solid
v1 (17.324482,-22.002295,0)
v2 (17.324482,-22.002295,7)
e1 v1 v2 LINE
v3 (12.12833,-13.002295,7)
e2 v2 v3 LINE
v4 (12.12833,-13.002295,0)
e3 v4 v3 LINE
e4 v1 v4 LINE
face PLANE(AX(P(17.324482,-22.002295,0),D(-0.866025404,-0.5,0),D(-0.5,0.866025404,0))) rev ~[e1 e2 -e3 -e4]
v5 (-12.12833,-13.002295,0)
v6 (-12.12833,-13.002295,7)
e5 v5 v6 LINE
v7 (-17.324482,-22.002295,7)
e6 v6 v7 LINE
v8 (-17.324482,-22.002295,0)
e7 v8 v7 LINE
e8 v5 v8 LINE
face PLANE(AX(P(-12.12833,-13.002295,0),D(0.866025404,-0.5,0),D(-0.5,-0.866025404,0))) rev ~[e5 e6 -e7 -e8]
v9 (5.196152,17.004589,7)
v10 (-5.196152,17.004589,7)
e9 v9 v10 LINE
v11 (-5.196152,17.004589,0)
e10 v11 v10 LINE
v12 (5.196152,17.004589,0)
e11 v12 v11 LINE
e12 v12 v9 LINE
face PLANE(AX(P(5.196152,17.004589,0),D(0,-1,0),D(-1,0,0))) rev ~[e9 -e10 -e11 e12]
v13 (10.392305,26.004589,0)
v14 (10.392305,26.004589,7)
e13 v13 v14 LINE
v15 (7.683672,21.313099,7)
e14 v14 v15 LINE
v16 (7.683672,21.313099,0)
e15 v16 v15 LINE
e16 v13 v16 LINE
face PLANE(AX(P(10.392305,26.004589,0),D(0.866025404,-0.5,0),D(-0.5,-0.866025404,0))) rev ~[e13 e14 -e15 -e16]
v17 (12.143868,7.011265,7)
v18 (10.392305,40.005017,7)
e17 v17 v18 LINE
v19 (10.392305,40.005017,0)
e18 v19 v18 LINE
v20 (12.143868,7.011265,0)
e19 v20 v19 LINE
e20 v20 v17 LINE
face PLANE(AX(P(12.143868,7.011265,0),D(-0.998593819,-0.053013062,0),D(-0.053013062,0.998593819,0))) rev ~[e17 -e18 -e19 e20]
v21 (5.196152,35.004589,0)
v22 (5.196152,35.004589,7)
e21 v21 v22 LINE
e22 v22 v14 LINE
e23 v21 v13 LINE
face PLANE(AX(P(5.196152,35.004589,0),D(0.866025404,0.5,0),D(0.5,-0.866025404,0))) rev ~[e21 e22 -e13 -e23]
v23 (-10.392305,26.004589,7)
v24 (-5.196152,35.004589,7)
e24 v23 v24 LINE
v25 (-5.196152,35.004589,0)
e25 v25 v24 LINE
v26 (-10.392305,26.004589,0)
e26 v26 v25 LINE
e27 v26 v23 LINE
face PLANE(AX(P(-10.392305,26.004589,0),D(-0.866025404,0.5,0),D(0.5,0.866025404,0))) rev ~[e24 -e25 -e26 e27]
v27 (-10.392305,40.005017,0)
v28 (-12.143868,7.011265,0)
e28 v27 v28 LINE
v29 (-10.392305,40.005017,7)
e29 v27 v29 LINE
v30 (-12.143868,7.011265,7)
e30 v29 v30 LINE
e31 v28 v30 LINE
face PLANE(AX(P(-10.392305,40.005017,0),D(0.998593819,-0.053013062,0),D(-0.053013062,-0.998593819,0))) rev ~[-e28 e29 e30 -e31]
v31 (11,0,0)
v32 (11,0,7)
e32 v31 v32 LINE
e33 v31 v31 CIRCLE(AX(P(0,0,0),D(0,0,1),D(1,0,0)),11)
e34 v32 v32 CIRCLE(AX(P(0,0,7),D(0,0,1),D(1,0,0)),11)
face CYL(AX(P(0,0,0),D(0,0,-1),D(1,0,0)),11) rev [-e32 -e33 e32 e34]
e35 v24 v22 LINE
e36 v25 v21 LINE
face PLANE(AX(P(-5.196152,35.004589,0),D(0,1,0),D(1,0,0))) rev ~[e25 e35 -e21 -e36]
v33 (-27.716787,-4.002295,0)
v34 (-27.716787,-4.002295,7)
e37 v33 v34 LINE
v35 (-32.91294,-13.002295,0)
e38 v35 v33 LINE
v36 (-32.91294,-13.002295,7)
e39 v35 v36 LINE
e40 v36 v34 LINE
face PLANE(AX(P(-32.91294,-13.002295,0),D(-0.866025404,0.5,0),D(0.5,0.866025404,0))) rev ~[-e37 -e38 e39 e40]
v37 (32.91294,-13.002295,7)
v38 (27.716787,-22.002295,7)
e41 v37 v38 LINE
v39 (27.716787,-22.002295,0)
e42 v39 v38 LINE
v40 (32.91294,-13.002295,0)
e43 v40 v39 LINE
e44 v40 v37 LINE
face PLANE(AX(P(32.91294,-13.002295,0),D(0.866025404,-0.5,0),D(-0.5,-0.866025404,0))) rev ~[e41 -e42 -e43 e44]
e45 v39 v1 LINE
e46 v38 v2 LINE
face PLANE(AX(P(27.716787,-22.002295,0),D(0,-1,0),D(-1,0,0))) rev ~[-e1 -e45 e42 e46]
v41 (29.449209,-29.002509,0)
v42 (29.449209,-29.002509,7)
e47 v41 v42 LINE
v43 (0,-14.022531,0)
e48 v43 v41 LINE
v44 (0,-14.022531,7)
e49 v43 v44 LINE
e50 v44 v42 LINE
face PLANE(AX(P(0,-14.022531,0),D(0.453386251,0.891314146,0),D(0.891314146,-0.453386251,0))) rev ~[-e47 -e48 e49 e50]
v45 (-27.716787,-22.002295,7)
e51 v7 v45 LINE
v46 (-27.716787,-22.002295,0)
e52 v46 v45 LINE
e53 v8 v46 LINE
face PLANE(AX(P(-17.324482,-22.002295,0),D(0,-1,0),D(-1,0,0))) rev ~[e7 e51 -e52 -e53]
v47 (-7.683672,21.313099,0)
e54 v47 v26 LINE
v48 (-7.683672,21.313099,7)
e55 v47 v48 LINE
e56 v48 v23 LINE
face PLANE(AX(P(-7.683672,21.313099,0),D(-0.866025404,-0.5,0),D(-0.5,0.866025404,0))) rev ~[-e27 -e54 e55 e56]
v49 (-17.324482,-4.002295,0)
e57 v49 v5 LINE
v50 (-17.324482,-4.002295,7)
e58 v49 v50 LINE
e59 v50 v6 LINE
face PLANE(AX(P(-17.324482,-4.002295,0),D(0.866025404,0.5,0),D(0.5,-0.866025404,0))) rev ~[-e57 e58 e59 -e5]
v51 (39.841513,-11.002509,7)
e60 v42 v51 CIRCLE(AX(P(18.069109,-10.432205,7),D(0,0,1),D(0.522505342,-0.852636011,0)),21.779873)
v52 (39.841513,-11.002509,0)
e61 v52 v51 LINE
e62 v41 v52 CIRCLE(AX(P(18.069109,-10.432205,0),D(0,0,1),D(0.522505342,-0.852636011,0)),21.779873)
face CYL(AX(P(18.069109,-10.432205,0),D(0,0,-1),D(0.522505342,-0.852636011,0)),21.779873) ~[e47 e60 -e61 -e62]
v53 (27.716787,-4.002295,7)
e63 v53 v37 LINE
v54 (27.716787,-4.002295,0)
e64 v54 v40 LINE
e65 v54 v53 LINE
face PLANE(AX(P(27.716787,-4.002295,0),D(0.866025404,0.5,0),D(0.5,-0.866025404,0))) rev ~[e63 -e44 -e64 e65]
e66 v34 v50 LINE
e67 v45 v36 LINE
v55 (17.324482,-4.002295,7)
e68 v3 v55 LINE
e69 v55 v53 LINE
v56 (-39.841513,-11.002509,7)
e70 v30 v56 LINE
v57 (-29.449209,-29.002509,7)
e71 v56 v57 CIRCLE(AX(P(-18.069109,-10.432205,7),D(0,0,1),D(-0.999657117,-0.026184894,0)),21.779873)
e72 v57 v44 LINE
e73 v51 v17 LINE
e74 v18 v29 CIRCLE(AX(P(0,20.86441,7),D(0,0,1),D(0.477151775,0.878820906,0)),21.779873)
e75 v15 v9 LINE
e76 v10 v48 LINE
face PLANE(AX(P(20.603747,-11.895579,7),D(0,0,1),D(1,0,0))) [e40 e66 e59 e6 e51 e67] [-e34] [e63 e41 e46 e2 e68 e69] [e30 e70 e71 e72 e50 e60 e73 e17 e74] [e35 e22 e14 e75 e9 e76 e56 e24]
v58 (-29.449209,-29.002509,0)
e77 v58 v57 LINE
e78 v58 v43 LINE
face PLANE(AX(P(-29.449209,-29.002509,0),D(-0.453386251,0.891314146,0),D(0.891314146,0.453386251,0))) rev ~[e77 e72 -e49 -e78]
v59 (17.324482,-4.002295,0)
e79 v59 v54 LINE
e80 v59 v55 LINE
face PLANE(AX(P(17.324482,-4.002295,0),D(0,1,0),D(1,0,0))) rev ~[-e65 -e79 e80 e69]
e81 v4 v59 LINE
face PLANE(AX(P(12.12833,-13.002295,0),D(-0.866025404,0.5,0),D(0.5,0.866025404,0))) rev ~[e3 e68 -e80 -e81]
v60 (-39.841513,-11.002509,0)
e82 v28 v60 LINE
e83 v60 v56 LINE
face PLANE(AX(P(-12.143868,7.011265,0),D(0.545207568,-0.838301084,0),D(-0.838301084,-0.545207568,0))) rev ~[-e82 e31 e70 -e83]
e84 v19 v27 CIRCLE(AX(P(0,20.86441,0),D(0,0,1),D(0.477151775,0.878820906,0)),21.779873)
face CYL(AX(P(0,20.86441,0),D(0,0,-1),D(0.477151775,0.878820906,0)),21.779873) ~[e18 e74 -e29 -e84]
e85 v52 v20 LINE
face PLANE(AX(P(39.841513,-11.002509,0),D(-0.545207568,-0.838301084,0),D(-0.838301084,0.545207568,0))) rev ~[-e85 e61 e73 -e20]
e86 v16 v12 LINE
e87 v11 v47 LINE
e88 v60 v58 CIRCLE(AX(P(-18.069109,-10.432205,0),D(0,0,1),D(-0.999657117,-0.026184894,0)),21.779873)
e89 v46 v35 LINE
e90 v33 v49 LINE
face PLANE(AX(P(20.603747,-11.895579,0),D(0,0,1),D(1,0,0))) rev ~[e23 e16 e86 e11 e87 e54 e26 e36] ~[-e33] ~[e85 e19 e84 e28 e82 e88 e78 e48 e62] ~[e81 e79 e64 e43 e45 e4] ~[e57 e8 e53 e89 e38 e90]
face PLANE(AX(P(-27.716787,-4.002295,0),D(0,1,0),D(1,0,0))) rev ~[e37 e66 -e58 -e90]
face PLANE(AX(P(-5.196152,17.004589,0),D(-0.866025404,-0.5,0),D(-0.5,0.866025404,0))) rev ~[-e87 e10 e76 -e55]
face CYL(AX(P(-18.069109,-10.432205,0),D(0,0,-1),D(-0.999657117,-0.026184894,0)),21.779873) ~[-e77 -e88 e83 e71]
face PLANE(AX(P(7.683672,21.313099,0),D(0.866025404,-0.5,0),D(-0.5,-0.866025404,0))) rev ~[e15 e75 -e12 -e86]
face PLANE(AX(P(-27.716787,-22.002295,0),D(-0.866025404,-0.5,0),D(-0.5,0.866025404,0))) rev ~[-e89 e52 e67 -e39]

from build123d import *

# Parameters (mm, degrees)
F0_R     = 11
F1_DEPTH = 7


with BuildPart() as f1:
    # F0 (on Top) → F1 (new body)
    with BuildSketch(Plane.XY):
        with BuildLine():
            ThreePointArc((12.146510326, 6.9614859693), (13.5286944042, 3.6020032923), (14, 0))
            ThreePointArc((14, 0), (9.9151913879, -9.8837735578), (0.0444314655, -13.9999294943))
            Line((0.0444314655, -13.9999294943), (0, -14.0225305219))
            Line((0, -14.0225305219), (29.4492086404, -29.002508536))
            ThreePointArc((29.4492086404, -29.002508536), (36.9310318043, -21.3221411537), (39.8415134859, -11.002508536))
            Line((39.8415134859, -11.002508536), (12.1438676573, 7.0112652609))
            Line((12.1438676573, 7.0112652609), (12.146510326, 6.9614859693))
        make_face()
        Polygon((17.324482387, -4.0022945697), (27.7167872325, -4.0022945697), (32.9129396552, -13.0022945697), (27.7167872325, -22.0022945697), (17.324482387, -22.0022945697), (12.1283299643, -13.0022945697), align=None, mode=Mode.SUBTRACT)
        with BuildLine():
            ThreePointArc((12.1020788605, 7.038443525), (12.124355653, 7), (12.146510326, 6.9614859693))
            Line((12.146510326, 6.9614859693), (12.1438676573, 7.0112652609))
            Line((12.1438676573, 7.0112652609), (12.1020788605, 7.038443525))
        make_face()
        with BuildLine():
            Line((0, -14.0225305219), (0.0444314655, -13.9999294943))
            ThreePointArc((0.0444314655, -13.9999294943), (0, -14), (-0.0444314655, -13.9999294943))
            Line((-0.0444314655, -13.9999294943), (0, -14.0225305219))
        make_face()
        with BuildLine():
            ThreePointArc((-12.1020788605, 7.038443525), (0, 14), (12.1020788605, 7.038443525))
            Line((12.1020788605, 7.038443525), (12.1438676573, 7.0112652609))
            Line((12.1438676573, 7.0112652609), (10.3923048454, 40.005017072))
            ThreePointArc((10.3923048454, 40.005017072), (0, 42.6442823074), (-10.3923048454, 40.005017072))
            Line((-10.3923048454, 40.005017072), (-12.1438676573, 7.0112652609))
            Line((-12.1438676573, 7.0112652609), (-12.1020788605, 7.038443525))
        make_face()
        Polygon((-10.3923048454, 26.0045891395), (-5.1961524227, 35.0045891395), (-4.9319201503, 35.0045891395), (4.9319201503, 35.0045891395), (5.1961524227, 35.0045891395), (10.3923048454, 26.0045891395), (7.6836718934, 21.3130992475), (5.1961524227, 17.0045891395), (-5.1961524227, 17.0045891395), (-7.6836718934, 21.3130992475), align=None, mode=Mode.SUBTRACT)
        with BuildLine():
            Line((0, -14.0225305219), (-0.0444314655, -13.9999294943))
            ThreePointArc((-0.0444314655, -13.9999294943), (-12.124355653, -7), (-12.146510326, 6.9614859693))
            Line((-12.146510326, 6.9614859693), (-12.1438676573, 7.0112652609))
            Line((-12.1438676573, 7.0112652609), (-39.8415134859, -11.002508536))
            ThreePointArc((-39.8415134859, -11.002508536), (-36.9310318043, -21.3221411537), (-29.4492086404, -29.002508536))
            Line((-29.4492086404, -29.002508536), (0, -14.0225305219))
        make_face()
        Polygon((-12.1283299643, -13.0022945697), (-17.324482387, -22.0022945697), (-27.7167872325, -22.0022945697), (-32.9129396552, -13.0022945697), (-27.7167872325, -4.0022945697), (-17.324482387, -4.0022945697), align=None, mode=Mode.SUBTRACT)
        with BuildLine():
            ThreePointArc((-12.146510326, 6.9614859693), (-12.124355653, 7), (-12.1020788605, 7.038443525))
            Line((-12.1020788605, 7.038443525), (-12.1438676573, 7.0112652609))
            Line((-12.1438676573, 7.0112652609), (-12.146510326, 6.9614859693))
        make_face()
        with BuildLine():
            ThreePointArc((0.0444314655, -13.9999294943), (9.9151913879, -9.8837735578), (14, 0))
            ThreePointArc((14, 0), (13.5286944042, 3.6020032923), (12.146510326, 6.9614859693))
            ThreePointArc((12.146510326, 6.9614859693), (12.124355653, 7), (12.1020788605, 7.038443525))
            ThreePointArc((12.1020788605, 7.038443525), (0, 14), (-12.1020788605, 7.038443525))
            ThreePointArc((-12.1020788605, 7.038443525), (-12.124355653, 7), (-12.146510326, 6.9614859693))
            ThreePointArc((-12.146510326, 6.9614859693), (-12.124355653, -7), (-0.0444314655, -13.9999294943))
            ThreePointArc((-0.0444314655, -13.9999294943), (0, -14), (0.0444314655, -13.9999294943))
        make_face()
        Circle(F0_R, mode=Mode.SUBTRACT)
    extrude(amount=F1_DEPTH)


solid = f1.part
